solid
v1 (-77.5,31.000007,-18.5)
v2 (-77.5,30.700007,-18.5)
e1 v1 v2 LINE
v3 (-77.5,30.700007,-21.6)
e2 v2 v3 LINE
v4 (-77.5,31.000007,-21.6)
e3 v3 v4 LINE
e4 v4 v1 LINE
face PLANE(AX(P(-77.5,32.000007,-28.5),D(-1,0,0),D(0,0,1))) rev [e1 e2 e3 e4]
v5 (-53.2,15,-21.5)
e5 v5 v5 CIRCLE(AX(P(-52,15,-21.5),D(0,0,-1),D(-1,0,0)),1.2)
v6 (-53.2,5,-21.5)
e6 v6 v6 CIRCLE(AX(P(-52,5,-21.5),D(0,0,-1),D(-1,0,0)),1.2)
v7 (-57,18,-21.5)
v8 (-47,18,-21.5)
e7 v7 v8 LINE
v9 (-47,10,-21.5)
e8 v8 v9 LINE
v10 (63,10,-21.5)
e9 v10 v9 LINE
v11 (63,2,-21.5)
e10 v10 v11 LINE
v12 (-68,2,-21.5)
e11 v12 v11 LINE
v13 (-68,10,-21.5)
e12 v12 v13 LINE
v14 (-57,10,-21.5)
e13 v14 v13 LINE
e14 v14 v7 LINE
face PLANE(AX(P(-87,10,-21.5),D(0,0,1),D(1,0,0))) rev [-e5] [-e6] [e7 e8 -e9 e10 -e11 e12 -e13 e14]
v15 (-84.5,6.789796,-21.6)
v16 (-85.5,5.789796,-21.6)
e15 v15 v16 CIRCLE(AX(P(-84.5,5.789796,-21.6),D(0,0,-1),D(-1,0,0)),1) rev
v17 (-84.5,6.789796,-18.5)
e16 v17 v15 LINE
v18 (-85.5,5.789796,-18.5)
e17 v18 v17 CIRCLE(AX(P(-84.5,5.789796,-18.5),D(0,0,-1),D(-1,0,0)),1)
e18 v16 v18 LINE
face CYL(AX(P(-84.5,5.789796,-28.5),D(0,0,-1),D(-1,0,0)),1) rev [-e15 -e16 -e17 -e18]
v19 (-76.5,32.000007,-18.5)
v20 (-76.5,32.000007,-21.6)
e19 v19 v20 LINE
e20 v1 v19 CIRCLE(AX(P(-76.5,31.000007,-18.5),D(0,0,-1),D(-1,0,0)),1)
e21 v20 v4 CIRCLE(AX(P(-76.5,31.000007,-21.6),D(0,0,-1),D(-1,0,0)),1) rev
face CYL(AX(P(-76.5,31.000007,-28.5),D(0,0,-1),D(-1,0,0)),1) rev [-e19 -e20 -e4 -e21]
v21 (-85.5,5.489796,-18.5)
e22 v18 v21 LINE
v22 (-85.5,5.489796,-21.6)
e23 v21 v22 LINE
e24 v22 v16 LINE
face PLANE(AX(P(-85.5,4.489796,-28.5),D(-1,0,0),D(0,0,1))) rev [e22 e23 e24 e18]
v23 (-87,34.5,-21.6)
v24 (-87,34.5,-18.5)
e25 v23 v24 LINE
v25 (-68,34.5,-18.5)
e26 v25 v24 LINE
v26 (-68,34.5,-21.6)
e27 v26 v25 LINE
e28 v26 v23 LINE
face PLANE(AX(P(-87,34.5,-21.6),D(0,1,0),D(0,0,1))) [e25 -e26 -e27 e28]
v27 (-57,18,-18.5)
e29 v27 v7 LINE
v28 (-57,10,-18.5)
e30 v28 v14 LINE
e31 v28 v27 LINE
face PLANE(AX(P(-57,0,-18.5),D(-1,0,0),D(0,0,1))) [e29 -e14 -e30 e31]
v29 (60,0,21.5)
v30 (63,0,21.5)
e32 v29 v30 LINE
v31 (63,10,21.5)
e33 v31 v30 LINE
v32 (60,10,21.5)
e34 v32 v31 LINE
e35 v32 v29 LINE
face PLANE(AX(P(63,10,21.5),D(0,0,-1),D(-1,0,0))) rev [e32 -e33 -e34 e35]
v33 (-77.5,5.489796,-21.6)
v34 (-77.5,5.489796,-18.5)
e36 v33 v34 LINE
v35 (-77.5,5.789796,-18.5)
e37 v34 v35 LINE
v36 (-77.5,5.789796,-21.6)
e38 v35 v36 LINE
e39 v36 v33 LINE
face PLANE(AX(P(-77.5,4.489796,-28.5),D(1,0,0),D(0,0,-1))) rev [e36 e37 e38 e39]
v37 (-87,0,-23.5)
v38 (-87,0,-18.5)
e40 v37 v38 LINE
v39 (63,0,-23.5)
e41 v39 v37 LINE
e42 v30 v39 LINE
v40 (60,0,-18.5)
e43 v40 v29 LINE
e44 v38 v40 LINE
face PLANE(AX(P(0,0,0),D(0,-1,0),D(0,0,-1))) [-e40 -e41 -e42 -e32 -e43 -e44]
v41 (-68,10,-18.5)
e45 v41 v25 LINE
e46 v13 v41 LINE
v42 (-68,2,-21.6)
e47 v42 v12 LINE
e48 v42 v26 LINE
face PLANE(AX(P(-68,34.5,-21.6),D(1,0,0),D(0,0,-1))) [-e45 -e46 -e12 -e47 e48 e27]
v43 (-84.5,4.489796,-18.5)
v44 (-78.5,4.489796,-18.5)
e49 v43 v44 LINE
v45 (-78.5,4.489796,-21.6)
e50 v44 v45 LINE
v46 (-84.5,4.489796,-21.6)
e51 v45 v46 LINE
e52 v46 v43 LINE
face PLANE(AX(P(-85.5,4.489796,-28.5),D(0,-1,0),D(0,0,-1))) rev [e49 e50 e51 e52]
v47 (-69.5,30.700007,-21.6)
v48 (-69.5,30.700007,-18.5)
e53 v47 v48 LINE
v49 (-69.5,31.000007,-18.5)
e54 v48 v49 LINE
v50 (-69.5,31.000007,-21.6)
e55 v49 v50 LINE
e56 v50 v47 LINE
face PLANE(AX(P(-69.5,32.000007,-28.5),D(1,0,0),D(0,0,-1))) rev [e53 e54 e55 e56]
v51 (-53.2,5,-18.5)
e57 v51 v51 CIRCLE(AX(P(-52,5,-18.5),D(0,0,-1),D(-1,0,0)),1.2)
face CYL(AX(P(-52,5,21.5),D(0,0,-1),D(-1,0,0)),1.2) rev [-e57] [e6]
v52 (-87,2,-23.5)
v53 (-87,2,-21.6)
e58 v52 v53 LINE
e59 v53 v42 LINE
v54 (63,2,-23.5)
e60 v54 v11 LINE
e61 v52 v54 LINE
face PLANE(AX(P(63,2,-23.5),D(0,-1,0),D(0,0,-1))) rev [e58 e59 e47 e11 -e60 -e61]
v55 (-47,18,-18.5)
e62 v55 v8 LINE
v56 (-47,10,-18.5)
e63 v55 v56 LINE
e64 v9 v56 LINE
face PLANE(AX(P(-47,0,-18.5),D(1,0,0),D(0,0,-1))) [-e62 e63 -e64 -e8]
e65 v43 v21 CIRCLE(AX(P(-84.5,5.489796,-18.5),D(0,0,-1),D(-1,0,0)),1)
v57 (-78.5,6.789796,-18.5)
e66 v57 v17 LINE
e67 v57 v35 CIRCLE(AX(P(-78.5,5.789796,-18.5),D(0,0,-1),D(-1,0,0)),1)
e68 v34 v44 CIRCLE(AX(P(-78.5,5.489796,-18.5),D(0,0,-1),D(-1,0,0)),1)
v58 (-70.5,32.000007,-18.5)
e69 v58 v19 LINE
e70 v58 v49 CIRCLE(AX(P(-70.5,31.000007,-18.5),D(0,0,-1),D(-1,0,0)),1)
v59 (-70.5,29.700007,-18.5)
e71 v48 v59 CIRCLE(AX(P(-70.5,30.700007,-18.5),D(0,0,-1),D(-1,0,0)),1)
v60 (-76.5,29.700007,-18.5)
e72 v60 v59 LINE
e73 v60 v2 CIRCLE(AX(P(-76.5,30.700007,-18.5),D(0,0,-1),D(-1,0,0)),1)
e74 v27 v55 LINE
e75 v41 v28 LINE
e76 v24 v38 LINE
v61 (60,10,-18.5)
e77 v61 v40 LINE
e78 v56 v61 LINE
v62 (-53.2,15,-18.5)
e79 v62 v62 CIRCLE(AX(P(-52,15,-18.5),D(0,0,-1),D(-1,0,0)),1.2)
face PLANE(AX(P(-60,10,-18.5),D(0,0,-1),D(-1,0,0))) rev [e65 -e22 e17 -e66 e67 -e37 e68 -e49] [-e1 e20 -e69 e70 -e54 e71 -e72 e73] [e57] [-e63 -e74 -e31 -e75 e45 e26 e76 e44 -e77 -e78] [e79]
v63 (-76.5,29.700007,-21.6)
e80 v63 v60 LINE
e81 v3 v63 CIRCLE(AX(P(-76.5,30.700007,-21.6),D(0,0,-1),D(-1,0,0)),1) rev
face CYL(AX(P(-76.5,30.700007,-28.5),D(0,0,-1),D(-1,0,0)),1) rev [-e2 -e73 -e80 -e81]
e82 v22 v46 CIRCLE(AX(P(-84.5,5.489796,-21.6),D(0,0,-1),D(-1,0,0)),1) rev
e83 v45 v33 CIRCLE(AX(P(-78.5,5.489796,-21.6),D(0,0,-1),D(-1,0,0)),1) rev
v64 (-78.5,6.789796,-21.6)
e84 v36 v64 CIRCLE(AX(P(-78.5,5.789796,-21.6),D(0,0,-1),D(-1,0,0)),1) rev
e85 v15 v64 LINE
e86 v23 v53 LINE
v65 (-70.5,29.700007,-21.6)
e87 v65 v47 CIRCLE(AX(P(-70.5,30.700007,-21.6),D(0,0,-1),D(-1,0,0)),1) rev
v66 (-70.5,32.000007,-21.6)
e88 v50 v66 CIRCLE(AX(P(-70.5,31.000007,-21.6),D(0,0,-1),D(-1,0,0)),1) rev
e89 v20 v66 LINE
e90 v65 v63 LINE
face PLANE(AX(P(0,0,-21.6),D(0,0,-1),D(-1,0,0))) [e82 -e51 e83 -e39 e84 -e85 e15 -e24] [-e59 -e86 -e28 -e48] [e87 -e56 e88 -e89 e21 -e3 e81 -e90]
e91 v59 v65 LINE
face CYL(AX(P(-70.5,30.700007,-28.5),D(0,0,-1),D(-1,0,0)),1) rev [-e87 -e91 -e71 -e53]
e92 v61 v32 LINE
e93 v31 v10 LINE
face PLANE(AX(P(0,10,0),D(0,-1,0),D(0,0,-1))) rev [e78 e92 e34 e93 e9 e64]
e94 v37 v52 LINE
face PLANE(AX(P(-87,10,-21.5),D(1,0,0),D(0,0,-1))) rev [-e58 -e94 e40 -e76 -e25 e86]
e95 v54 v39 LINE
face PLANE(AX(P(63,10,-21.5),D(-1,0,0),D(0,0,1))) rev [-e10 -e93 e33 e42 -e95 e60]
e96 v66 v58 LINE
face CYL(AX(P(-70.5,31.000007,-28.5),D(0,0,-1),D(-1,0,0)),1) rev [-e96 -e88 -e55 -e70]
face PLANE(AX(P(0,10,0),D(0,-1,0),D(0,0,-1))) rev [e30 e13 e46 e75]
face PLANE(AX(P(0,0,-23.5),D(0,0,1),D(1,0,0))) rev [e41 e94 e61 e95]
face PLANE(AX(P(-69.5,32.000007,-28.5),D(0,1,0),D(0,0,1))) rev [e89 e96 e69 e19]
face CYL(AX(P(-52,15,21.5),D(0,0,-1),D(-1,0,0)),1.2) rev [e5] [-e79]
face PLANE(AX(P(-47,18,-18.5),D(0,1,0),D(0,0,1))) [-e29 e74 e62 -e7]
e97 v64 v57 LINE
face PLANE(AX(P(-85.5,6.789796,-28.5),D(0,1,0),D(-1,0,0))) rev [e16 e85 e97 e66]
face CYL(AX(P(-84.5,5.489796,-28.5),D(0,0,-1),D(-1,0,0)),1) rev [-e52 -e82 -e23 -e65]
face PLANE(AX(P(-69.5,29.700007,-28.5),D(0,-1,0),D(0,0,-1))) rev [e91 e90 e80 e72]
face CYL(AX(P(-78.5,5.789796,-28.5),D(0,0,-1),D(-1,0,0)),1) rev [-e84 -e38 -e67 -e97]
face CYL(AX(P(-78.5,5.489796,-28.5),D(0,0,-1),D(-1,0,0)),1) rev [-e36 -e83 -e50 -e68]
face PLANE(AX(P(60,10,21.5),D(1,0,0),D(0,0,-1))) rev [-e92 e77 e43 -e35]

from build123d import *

# Parameters (mm, degrees)
EXTRUDE_1_DEPTH     = 10
SKETCH_2_W          = 10
SKETCH_2_H          = 18
EXTRUDE_2_DEPTH     = 3
SKETCH_3_R          = 1.2
CUT_EXTRUDE_1_DEPTH = 99.701570403
SKETCH_4_W          = 150
SKETCH_4_H          = 2
EXTRUDE_3_DEPTH     = 2
SKETCH_5_W          = 19
SKETCH_5_H          = 34.5
EXTRUDE_4_DEPTH     = 3.1
SKETCH_7_W          = 8
SKETCH_7_H          = 2.3
CUT_EXTRUDE_2_DEPTH = 10
FILLET_1_R          = 1


with BuildPart() as part:
    # Эскиз1 → Бобышка-Вытянуть1 (new body)
    with BuildSketch(Plane(origin=(0, 0, 0), x_dir=(1, 0, 0), z_dir=(0, 1, 0))):
        Polygon((-87, 21.5), (-87, 18.5), (-60, 18.5), (60, 18.5), (60, -21.5), (63, -21.5), (63, 21.5), align=None)
    extrude(amount=EXTRUDE_1_DEPTH)

    # Эскиз2 → Бобышка-Вытянуть2 (add)
    with BuildSketch(Plane(origin=(0, 0, -21.5), x_dir=(-1, 0, 0), z_dir=(0, 0, -1))):
        with Locations((52, 9)):
            Rectangle(SKETCH_2_W, SKETCH_2_H)
    extrude(amount=-EXTRUDE_2_DEPTH)

    # Эскиз3 → Вырез-Вытянуть1 (cut, through all)
    with BuildSketch(Plane(origin=(0, 0, -21.5), x_dir=(-1, 0, 0), z_dir=(0, 0, -1))):
        with Locations((52, 15)):
            Circle(SKETCH_3_R)
        with Locations((52, 5)):
            Circle(SKETCH_3_R)
    extrude(amount=-CUT_EXTRUDE_1_DEPTH, mode=Mode.SUBTRACT)

    # Эскиз4 → Бобышка-Вытянуть3 (add)
    with BuildSketch(Plane(origin=(0, 0, -21.5), x_dir=(-1, 0, 0), z_dir=(0, 0, -1))):
        with Locations((12, 1)):
            Rectangle(SKETCH_4_W, SKETCH_4_H)
    extrude(amount=EXTRUDE_3_DEPTH)

    # Эскиз5 → Бобышка-Вытянуть4 (add)
    with BuildSketch(Plane.XY.offset(-18.5)):
        with Locations((-77.5, 17.25)):
            Rectangle(SKETCH_5_W, SKETCH_5_H)
    extrude(amount=-EXTRUDE_4_DEPTH)

    # Эскиз7 → Вырез-Вытянуть2 (cut)
    with BuildSketch(Plane.XY.offset(-18.5)):
        with Locations((-73.5, 30.850007469)):
            Rectangle(SKETCH_7_W, SKETCH_7_H)
        with Locations((-81.5, 5.639796257)):
            Rectangle(SKETCH_7_W, SKETCH_7_H)
    extrude(amount=-CUT_EXTRUDE_2_DEPTH, mode=Mode.SUBTRACT)

    # Скругление1
    fillet_1_edges = [part.edges().sort_by_distance(p)[0] for p in [
        (-85.5, 4.489796257, -20.05),
        (-85.5, 6.789796257, -20.05),
        (-77.5, 6.789796257, -20.05),
        (-77.5, 4.489796257, -20.05),
        (-69.5, 32.000007469, -20.05),
        (-69.5, 29.700007469, -20.05),
        (-77.5, 29.700007469, -20.05),
        (-77.5, 32.000007469, -20.05),
    ]]
    fillet(fillet_1_edges, radius=FILLET_1_R)


solid = part.part
